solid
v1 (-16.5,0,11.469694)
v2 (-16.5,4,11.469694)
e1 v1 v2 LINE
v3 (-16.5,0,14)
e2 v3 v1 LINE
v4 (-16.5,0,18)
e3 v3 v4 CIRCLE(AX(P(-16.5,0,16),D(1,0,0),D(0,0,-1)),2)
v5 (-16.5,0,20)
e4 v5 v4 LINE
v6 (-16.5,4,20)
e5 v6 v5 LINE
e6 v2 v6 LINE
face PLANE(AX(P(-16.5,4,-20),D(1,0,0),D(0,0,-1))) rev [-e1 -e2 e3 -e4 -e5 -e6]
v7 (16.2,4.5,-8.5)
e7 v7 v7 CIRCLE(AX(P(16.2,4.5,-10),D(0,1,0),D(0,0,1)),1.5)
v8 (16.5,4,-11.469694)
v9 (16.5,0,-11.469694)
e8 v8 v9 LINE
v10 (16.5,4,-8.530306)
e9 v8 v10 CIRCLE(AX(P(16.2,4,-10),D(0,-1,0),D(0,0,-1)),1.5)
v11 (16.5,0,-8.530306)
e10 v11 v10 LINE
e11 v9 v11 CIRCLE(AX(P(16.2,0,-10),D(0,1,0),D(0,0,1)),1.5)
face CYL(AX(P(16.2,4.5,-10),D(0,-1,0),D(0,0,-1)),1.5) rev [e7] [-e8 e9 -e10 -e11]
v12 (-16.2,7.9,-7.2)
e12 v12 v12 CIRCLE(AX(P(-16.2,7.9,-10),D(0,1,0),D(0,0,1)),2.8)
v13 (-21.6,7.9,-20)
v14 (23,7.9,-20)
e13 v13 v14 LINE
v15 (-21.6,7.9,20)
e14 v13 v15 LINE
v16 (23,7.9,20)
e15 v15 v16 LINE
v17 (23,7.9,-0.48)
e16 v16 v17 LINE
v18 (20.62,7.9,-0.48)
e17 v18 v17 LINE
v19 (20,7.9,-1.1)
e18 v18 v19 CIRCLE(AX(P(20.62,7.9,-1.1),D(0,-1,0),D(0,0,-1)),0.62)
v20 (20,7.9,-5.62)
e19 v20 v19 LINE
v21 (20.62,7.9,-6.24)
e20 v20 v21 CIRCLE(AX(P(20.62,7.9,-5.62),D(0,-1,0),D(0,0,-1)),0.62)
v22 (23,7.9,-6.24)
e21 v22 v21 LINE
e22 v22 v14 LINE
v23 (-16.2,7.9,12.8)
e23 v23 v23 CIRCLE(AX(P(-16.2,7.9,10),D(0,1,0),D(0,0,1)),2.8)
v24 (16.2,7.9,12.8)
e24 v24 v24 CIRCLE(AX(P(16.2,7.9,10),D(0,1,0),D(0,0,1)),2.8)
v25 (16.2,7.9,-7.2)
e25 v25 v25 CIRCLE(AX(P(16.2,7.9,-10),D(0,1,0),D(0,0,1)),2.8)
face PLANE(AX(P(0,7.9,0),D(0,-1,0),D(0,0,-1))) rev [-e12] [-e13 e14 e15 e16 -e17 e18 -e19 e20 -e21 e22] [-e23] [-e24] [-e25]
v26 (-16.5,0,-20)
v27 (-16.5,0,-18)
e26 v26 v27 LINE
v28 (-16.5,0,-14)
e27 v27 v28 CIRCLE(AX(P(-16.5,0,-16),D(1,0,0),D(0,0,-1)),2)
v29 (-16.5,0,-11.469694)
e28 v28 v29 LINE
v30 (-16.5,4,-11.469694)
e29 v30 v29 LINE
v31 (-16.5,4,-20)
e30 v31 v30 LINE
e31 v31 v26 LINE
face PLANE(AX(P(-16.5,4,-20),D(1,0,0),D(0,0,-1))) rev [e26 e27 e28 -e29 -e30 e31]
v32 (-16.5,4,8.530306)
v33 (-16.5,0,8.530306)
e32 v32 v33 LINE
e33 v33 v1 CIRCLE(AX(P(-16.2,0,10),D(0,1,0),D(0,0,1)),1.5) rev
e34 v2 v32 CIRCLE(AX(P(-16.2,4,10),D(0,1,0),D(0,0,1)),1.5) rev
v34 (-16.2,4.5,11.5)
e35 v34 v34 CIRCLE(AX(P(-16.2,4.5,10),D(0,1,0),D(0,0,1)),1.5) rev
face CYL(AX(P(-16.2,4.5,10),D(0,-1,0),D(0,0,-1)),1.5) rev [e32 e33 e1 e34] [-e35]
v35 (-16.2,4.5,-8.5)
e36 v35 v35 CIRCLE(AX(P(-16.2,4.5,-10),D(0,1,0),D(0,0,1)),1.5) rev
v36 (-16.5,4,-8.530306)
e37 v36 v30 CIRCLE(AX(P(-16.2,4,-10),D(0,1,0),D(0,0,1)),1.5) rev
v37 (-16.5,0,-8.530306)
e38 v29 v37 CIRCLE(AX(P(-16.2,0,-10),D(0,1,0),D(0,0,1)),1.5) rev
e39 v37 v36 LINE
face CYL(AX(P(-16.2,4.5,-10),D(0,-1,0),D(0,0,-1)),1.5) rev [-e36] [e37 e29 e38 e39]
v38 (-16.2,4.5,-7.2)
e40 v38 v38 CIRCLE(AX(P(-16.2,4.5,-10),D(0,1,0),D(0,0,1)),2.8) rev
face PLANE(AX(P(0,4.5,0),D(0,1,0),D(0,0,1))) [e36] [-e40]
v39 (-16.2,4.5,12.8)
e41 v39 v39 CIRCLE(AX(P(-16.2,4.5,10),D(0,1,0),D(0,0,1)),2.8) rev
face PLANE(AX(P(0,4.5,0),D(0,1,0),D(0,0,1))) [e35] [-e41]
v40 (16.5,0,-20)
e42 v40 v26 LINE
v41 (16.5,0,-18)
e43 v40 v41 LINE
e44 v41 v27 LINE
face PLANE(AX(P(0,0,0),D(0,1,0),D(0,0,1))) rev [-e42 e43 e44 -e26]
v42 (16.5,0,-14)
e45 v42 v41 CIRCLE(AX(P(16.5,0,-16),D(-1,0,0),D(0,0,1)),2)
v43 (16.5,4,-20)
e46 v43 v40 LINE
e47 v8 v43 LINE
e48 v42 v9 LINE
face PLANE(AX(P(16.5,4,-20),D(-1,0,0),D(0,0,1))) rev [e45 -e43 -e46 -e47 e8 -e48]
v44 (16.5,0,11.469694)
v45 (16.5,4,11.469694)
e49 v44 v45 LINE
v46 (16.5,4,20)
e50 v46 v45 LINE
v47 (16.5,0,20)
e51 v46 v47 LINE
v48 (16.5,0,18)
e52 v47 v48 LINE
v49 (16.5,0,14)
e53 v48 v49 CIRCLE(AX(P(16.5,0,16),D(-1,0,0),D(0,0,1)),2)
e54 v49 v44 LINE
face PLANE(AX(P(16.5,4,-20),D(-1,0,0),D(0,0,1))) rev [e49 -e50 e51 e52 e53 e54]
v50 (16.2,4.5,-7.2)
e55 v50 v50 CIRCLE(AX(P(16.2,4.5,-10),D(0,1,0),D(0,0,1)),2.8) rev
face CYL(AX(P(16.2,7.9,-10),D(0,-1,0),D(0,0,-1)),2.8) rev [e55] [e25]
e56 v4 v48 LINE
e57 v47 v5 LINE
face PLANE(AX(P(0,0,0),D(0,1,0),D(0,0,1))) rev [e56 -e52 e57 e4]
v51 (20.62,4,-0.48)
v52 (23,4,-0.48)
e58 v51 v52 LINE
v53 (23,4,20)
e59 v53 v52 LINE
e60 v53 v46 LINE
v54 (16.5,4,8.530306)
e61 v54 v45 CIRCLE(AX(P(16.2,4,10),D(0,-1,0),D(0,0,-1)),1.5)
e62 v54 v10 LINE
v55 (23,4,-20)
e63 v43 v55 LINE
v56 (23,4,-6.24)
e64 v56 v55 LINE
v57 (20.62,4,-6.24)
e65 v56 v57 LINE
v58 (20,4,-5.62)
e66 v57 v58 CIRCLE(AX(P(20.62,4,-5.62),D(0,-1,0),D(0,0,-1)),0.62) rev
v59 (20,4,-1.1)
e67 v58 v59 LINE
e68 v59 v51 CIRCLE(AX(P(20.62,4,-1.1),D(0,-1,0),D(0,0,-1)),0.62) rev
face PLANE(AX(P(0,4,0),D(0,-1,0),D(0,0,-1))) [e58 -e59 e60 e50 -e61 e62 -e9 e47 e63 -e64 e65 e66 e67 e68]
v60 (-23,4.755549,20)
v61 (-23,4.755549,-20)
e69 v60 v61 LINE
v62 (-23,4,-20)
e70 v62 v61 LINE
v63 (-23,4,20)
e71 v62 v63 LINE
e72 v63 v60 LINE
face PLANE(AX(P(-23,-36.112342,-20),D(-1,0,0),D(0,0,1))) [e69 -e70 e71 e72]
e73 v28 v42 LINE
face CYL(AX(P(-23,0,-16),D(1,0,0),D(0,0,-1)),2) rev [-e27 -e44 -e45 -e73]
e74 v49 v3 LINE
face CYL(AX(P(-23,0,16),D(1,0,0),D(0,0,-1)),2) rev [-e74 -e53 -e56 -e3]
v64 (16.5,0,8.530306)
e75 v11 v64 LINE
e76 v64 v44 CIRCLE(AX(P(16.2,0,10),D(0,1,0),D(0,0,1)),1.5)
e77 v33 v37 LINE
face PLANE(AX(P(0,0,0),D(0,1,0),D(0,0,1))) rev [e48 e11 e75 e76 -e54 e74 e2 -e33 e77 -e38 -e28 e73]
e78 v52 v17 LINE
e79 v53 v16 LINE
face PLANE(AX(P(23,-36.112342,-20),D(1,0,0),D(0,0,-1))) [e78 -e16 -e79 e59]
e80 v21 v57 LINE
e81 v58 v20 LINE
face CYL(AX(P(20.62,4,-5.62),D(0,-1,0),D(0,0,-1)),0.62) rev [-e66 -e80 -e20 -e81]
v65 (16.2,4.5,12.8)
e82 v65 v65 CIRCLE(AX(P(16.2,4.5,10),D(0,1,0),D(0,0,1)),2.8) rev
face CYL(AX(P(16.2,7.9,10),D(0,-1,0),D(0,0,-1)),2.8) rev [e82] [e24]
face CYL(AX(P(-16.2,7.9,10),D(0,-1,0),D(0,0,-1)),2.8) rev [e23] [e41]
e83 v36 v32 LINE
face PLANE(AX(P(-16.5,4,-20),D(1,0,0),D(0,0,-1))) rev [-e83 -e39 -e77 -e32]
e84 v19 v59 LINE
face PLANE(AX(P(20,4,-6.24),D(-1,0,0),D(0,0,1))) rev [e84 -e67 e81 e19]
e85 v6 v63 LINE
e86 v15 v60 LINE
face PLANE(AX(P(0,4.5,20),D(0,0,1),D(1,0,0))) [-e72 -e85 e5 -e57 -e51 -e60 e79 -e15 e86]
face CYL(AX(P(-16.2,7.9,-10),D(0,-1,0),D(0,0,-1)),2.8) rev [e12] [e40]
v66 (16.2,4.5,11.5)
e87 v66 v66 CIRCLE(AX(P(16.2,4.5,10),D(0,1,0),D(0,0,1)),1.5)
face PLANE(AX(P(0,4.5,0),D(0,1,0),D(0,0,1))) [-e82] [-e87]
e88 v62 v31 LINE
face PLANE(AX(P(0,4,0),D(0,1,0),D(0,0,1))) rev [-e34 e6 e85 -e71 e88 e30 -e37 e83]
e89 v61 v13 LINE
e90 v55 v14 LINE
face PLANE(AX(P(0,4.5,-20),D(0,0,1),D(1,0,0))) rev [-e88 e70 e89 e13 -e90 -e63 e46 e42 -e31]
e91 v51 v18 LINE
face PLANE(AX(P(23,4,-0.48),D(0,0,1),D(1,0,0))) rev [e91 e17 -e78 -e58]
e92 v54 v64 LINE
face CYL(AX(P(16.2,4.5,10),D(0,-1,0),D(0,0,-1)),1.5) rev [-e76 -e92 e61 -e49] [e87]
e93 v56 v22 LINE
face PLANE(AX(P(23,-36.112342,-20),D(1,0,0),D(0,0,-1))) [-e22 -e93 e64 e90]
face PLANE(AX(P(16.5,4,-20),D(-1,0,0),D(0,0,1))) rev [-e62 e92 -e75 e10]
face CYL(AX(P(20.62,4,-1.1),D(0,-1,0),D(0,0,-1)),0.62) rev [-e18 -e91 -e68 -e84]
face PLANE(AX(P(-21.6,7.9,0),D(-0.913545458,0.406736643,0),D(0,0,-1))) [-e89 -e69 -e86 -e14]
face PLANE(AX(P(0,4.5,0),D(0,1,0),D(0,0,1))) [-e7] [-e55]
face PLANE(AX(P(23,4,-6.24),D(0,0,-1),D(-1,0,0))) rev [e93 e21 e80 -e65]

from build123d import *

# Parameters (mm, degrees)
SKETCH1_W           = 40
SKETCH1_H           = 40
SKETCH1_R           = 1.5
SKETCH1_R_2         = 2.8
BOSS_EXTRUDE1_DEPTH = 4.5
BOSS_EXTRUDE3_START = 4.5
SKETCH1_3_W         = 40
SKETCH1_3_H         = 40
SKETCH1_3_R         = 2.8
SKETCH1_3_R_2       = 1.5
BOSS_EXTRUDE3_DEPTH = 3.4
SKETCH4_W           = 3.5
SKETCH4_H           = 40
CUT_EXTRUDE2_DEPTH  = 4
SKETCH2_W           = 3
SKETCH2_H           = 40
BOSS_EXTRUDE4_DEPTH = 3.9
CUT_EXTRUDE3_START  = -39.5
SKETCH5_R           = 2
CUT_EXTRUDE3_DEPTH  = 33
CUT_EXTRUDE4_START  = -3.9
SKETCH6_W           = 3
SKETCH6_H           = 5.76
CUT_EXTRUDE4_DEPTH  = 3.9
FILLET1_R           = 0.62
CHAMFER1_SIZE       = 1.4
CHAMFER1_SIZE2      = 3.144451483


with BuildPart() as part:
    # Sketch1 → Boss-Extrude1 (new body)
    # profile 1 of 7: a face of its own
    with BuildSketch(Plane(origin=(0, 0, 0), x_dir=(1, 0, 0), z_dir=(0, 1, 0))):
        Rectangle(SKETCH1_W, SKETCH1_H)
        with Locations((0, -10)):
            Circle(SKETCH1_R, mode=Mode.SUBTRACT)
        with Locations((0, 10)):
            Circle(SKETCH1_R, mode=Mode.SUBTRACT)
        with Locations(Location((-16.2, -10, 0), (0, 0, 270))):
            Circle(SKETCH1_R, mode=Mode.SUBTRACT)
        with Locations(Location((16.2, -10, 0), (0, 0, 270))):
            Circle(SKETCH1_R, mode=Mode.SUBTRACT)
        with Locations(Location((16.2, 10, 0), (0, 0, 270))):
            Circle(SKETCH1_R, mode=Mode.SUBTRACT)
        with Locations(Location((-16.2, 10, 0), (0, 0, 270))):
            Circle(SKETCH1_R, mode=Mode.SUBTRACT)
    # profile 2 of 7: a face of its own
    with BuildSketch(Plane(origin=(0, 0, 0), x_dir=(1, 0, 0), z_dir=(0, 1, 0))):
        with Locations((0, 10)):
            Circle(SKETCH1_R)
    # profile 3 of 7: a face of its own
    with BuildSketch(Plane(origin=(0, 0, 0), x_dir=(1, 0, 0), z_dir=(0, 1, 0))):
        with Locations((0, -10)):
            Circle(SKETCH1_R)
    # profile 4 of 7: a face of its own
    with BuildSketch(Plane(origin=(0, 0, 0), x_dir=(1, 0, 0), z_dir=(0, 1, 0))):
        with Locations((-16.2, 10)):
            Circle(SKETCH1_R_2)
        with Locations(Location((-16.2, 10, 0), (0, 0, 270))):
            Circle(SKETCH1_R, mode=Mode.SUBTRACT)
    # profile 5 of 7: a face of its own
    with BuildSketch(Plane(origin=(0, 0, 0), x_dir=(1, 0, 0), z_dir=(0, 1, 0))):
        with Locations((-16.2, -10)):
            Circle(SKETCH1_R_2)
        with Locations(Location((-16.2, -10, 0), (0, 0, 270))):
            Circle(SKETCH1_R, mode=Mode.SUBTRACT)
    # profile 6 of 7: a face of its own
    with BuildSketch(Plane(origin=(0, 0, 0), x_dir=(1, 0, 0), z_dir=(0, 1, 0))):
        with Locations((16.2, 10)):
            Circle(SKETCH1_R_2)
        with Locations(Location((16.2, 10, 0), (0, 0, 270))):
            Circle(SKETCH1_R, mode=Mode.SUBTRACT)
    # profile 7 of 7: a face of its own
    with BuildSketch(Plane(origin=(0, 0, 0), x_dir=(1, 0, 0), z_dir=(0, 1, 0))):
        with Locations((16.2, -10)):
            Circle(SKETCH1_R_2)
        with Locations(Location((16.2, -10, 0), (0, 0, 270))):
            Circle(SKETCH1_R, mode=Mode.SUBTRACT)
    extrude(amount=BOSS_EXTRUDE1_DEPTH)

    # Sketch1_3 → Boss-Extrude3 (add)
    # profile 1 of 3: a face of its own
    with BuildSketch(Plane(origin=(0, 0, 0), x_dir=(1, 0, 0), z_dir=(0, 1, 0)).offset(BOSS_EXTRUDE3_START)):
        Rectangle(SKETCH1_3_W, SKETCH1_3_H)
        with Locations(Location((16.2, 10, 0), (0, 0, 270))):
            Circle(SKETCH1_3_R, mode=Mode.SUBTRACT)
        with Locations(Location((-16.2, 10, 0), (0, 0, 270))):
            Circle(SKETCH1_3_R, mode=Mode.SUBTRACT)
        with Locations((0, -10)):
            Circle(SKETCH1_3_R_2, mode=Mode.SUBTRACT)
        with Locations((0, 10)):
            Circle(SKETCH1_3_R_2, mode=Mode.SUBTRACT)
        with Locations(Location((-16.2, -10, 0), (0, 0, 270))):
            Circle(SKETCH1_3_R, mode=Mode.SUBTRACT)
        with Locations(Location((16.2, -10, 0), (0, 0, 270))):
            Circle(SKETCH1_3_R, mode=Mode.SUBTRACT)
    # profile 2 of 3: a face of its own
    with BuildSketch(Plane(origin=(0, 0, 0), x_dir=(1, 0, 0), z_dir=(0, 1, 0)).offset(BOSS_EXTRUDE3_START)):
        with Locations((0, 10)):
            Circle(SKETCH1_3_R_2)
    # profile 3 of 3: a face of its own
    with BuildSketch(Plane(origin=(0, 0, 0), x_dir=(1, 0, 0), z_dir=(0, 1, 0)).offset(BOSS_EXTRUDE3_START)):
        with Locations((0, -10)):
            Circle(SKETCH1_3_R_2)
    extrude(amount=BOSS_EXTRUDE3_DEPTH)

    # Sketch4 → Cut-Extrude2 (cut)
    with BuildSketch(Plane.XZ):
        with Locations((18.25, 0)):
            Rectangle(SKETCH4_W, SKETCH4_H)
        with Locations((-18.25, 0)):
            Rectangle(SKETCH4_W, SKETCH4_H)
    extrude(amount=-CUT_EXTRUDE2_DEPTH, mode=Mode.SUBTRACT)

    # Sketch2 → Boss-Extrude4 (add)
    with BuildSketch(Plane(origin=(0, 7.9, 0), x_dir=(1, 0, 0), z_dir=(0, 1, 0))):
        with Locations((-21.5, 0)):
            Rectangle(SKETCH2_W, SKETCH2_H)
        with Locations((21.5, 0)):
            Rectangle(SKETCH2_W, SKETCH2_H)
    extrude(amount=-BOSS_EXTRUDE4_DEPTH)

    # Sketch5 → Cut-Extrude3 (cut)
    with BuildSketch(Plane(origin=(23, 0, 0), x_dir=(0, 0, -1), z_dir=(1, 0, 0)).offset(CUT_EXTRUDE3_START)):
        with Locations((16, 0)):
            Circle(SKETCH5_R)
        with Locations((-16, 0)):
            Circle(SKETCH5_R)
    extrude(amount=CUT_EXTRUDE3_DEPTH, mode=Mode.SUBTRACT)

    # Sketch6 → Cut-Extrude4 (cut)
    with BuildSketch(Plane(origin=(0, 7.9, 0), x_dir=(1, 0, 0), z_dir=(0, 1, 0)).offset(CUT_EXTRUDE4_START)):
        with Locations((21.5, 3.36)):
            Rectangle(SKETCH6_W, SKETCH6_H)
    extrude(amount=CUT_EXTRUDE4_DEPTH, mode=Mode.SUBTRACT)

    # Fillet1
    fillet1_edges = [part.edges().sort_by_distance(p)[0] for p in [
        (20, 5.95, -0.48),
        (20, 5.95, -6.24),
    ]]
    fillet(fillet1_edges, radius=FILLET1_R)

    # Chamfer1
    chamfer1_edges = [part.edges().sort_by_distance(p)[0] for p in [
        (-23, 7.9, 0),
    ]]
    chamfer1_side = [part.faces().sort_by_distance(p)[0] for p in [
        (-0.213526435, 7.9, 0.033349354),
    ]]
    chamfer(chamfer1_edges, length=CHAMFER1_SIZE, length2=CHAMFER1_SIZE2, reference=chamfer1_side[0])


solid = part.part
